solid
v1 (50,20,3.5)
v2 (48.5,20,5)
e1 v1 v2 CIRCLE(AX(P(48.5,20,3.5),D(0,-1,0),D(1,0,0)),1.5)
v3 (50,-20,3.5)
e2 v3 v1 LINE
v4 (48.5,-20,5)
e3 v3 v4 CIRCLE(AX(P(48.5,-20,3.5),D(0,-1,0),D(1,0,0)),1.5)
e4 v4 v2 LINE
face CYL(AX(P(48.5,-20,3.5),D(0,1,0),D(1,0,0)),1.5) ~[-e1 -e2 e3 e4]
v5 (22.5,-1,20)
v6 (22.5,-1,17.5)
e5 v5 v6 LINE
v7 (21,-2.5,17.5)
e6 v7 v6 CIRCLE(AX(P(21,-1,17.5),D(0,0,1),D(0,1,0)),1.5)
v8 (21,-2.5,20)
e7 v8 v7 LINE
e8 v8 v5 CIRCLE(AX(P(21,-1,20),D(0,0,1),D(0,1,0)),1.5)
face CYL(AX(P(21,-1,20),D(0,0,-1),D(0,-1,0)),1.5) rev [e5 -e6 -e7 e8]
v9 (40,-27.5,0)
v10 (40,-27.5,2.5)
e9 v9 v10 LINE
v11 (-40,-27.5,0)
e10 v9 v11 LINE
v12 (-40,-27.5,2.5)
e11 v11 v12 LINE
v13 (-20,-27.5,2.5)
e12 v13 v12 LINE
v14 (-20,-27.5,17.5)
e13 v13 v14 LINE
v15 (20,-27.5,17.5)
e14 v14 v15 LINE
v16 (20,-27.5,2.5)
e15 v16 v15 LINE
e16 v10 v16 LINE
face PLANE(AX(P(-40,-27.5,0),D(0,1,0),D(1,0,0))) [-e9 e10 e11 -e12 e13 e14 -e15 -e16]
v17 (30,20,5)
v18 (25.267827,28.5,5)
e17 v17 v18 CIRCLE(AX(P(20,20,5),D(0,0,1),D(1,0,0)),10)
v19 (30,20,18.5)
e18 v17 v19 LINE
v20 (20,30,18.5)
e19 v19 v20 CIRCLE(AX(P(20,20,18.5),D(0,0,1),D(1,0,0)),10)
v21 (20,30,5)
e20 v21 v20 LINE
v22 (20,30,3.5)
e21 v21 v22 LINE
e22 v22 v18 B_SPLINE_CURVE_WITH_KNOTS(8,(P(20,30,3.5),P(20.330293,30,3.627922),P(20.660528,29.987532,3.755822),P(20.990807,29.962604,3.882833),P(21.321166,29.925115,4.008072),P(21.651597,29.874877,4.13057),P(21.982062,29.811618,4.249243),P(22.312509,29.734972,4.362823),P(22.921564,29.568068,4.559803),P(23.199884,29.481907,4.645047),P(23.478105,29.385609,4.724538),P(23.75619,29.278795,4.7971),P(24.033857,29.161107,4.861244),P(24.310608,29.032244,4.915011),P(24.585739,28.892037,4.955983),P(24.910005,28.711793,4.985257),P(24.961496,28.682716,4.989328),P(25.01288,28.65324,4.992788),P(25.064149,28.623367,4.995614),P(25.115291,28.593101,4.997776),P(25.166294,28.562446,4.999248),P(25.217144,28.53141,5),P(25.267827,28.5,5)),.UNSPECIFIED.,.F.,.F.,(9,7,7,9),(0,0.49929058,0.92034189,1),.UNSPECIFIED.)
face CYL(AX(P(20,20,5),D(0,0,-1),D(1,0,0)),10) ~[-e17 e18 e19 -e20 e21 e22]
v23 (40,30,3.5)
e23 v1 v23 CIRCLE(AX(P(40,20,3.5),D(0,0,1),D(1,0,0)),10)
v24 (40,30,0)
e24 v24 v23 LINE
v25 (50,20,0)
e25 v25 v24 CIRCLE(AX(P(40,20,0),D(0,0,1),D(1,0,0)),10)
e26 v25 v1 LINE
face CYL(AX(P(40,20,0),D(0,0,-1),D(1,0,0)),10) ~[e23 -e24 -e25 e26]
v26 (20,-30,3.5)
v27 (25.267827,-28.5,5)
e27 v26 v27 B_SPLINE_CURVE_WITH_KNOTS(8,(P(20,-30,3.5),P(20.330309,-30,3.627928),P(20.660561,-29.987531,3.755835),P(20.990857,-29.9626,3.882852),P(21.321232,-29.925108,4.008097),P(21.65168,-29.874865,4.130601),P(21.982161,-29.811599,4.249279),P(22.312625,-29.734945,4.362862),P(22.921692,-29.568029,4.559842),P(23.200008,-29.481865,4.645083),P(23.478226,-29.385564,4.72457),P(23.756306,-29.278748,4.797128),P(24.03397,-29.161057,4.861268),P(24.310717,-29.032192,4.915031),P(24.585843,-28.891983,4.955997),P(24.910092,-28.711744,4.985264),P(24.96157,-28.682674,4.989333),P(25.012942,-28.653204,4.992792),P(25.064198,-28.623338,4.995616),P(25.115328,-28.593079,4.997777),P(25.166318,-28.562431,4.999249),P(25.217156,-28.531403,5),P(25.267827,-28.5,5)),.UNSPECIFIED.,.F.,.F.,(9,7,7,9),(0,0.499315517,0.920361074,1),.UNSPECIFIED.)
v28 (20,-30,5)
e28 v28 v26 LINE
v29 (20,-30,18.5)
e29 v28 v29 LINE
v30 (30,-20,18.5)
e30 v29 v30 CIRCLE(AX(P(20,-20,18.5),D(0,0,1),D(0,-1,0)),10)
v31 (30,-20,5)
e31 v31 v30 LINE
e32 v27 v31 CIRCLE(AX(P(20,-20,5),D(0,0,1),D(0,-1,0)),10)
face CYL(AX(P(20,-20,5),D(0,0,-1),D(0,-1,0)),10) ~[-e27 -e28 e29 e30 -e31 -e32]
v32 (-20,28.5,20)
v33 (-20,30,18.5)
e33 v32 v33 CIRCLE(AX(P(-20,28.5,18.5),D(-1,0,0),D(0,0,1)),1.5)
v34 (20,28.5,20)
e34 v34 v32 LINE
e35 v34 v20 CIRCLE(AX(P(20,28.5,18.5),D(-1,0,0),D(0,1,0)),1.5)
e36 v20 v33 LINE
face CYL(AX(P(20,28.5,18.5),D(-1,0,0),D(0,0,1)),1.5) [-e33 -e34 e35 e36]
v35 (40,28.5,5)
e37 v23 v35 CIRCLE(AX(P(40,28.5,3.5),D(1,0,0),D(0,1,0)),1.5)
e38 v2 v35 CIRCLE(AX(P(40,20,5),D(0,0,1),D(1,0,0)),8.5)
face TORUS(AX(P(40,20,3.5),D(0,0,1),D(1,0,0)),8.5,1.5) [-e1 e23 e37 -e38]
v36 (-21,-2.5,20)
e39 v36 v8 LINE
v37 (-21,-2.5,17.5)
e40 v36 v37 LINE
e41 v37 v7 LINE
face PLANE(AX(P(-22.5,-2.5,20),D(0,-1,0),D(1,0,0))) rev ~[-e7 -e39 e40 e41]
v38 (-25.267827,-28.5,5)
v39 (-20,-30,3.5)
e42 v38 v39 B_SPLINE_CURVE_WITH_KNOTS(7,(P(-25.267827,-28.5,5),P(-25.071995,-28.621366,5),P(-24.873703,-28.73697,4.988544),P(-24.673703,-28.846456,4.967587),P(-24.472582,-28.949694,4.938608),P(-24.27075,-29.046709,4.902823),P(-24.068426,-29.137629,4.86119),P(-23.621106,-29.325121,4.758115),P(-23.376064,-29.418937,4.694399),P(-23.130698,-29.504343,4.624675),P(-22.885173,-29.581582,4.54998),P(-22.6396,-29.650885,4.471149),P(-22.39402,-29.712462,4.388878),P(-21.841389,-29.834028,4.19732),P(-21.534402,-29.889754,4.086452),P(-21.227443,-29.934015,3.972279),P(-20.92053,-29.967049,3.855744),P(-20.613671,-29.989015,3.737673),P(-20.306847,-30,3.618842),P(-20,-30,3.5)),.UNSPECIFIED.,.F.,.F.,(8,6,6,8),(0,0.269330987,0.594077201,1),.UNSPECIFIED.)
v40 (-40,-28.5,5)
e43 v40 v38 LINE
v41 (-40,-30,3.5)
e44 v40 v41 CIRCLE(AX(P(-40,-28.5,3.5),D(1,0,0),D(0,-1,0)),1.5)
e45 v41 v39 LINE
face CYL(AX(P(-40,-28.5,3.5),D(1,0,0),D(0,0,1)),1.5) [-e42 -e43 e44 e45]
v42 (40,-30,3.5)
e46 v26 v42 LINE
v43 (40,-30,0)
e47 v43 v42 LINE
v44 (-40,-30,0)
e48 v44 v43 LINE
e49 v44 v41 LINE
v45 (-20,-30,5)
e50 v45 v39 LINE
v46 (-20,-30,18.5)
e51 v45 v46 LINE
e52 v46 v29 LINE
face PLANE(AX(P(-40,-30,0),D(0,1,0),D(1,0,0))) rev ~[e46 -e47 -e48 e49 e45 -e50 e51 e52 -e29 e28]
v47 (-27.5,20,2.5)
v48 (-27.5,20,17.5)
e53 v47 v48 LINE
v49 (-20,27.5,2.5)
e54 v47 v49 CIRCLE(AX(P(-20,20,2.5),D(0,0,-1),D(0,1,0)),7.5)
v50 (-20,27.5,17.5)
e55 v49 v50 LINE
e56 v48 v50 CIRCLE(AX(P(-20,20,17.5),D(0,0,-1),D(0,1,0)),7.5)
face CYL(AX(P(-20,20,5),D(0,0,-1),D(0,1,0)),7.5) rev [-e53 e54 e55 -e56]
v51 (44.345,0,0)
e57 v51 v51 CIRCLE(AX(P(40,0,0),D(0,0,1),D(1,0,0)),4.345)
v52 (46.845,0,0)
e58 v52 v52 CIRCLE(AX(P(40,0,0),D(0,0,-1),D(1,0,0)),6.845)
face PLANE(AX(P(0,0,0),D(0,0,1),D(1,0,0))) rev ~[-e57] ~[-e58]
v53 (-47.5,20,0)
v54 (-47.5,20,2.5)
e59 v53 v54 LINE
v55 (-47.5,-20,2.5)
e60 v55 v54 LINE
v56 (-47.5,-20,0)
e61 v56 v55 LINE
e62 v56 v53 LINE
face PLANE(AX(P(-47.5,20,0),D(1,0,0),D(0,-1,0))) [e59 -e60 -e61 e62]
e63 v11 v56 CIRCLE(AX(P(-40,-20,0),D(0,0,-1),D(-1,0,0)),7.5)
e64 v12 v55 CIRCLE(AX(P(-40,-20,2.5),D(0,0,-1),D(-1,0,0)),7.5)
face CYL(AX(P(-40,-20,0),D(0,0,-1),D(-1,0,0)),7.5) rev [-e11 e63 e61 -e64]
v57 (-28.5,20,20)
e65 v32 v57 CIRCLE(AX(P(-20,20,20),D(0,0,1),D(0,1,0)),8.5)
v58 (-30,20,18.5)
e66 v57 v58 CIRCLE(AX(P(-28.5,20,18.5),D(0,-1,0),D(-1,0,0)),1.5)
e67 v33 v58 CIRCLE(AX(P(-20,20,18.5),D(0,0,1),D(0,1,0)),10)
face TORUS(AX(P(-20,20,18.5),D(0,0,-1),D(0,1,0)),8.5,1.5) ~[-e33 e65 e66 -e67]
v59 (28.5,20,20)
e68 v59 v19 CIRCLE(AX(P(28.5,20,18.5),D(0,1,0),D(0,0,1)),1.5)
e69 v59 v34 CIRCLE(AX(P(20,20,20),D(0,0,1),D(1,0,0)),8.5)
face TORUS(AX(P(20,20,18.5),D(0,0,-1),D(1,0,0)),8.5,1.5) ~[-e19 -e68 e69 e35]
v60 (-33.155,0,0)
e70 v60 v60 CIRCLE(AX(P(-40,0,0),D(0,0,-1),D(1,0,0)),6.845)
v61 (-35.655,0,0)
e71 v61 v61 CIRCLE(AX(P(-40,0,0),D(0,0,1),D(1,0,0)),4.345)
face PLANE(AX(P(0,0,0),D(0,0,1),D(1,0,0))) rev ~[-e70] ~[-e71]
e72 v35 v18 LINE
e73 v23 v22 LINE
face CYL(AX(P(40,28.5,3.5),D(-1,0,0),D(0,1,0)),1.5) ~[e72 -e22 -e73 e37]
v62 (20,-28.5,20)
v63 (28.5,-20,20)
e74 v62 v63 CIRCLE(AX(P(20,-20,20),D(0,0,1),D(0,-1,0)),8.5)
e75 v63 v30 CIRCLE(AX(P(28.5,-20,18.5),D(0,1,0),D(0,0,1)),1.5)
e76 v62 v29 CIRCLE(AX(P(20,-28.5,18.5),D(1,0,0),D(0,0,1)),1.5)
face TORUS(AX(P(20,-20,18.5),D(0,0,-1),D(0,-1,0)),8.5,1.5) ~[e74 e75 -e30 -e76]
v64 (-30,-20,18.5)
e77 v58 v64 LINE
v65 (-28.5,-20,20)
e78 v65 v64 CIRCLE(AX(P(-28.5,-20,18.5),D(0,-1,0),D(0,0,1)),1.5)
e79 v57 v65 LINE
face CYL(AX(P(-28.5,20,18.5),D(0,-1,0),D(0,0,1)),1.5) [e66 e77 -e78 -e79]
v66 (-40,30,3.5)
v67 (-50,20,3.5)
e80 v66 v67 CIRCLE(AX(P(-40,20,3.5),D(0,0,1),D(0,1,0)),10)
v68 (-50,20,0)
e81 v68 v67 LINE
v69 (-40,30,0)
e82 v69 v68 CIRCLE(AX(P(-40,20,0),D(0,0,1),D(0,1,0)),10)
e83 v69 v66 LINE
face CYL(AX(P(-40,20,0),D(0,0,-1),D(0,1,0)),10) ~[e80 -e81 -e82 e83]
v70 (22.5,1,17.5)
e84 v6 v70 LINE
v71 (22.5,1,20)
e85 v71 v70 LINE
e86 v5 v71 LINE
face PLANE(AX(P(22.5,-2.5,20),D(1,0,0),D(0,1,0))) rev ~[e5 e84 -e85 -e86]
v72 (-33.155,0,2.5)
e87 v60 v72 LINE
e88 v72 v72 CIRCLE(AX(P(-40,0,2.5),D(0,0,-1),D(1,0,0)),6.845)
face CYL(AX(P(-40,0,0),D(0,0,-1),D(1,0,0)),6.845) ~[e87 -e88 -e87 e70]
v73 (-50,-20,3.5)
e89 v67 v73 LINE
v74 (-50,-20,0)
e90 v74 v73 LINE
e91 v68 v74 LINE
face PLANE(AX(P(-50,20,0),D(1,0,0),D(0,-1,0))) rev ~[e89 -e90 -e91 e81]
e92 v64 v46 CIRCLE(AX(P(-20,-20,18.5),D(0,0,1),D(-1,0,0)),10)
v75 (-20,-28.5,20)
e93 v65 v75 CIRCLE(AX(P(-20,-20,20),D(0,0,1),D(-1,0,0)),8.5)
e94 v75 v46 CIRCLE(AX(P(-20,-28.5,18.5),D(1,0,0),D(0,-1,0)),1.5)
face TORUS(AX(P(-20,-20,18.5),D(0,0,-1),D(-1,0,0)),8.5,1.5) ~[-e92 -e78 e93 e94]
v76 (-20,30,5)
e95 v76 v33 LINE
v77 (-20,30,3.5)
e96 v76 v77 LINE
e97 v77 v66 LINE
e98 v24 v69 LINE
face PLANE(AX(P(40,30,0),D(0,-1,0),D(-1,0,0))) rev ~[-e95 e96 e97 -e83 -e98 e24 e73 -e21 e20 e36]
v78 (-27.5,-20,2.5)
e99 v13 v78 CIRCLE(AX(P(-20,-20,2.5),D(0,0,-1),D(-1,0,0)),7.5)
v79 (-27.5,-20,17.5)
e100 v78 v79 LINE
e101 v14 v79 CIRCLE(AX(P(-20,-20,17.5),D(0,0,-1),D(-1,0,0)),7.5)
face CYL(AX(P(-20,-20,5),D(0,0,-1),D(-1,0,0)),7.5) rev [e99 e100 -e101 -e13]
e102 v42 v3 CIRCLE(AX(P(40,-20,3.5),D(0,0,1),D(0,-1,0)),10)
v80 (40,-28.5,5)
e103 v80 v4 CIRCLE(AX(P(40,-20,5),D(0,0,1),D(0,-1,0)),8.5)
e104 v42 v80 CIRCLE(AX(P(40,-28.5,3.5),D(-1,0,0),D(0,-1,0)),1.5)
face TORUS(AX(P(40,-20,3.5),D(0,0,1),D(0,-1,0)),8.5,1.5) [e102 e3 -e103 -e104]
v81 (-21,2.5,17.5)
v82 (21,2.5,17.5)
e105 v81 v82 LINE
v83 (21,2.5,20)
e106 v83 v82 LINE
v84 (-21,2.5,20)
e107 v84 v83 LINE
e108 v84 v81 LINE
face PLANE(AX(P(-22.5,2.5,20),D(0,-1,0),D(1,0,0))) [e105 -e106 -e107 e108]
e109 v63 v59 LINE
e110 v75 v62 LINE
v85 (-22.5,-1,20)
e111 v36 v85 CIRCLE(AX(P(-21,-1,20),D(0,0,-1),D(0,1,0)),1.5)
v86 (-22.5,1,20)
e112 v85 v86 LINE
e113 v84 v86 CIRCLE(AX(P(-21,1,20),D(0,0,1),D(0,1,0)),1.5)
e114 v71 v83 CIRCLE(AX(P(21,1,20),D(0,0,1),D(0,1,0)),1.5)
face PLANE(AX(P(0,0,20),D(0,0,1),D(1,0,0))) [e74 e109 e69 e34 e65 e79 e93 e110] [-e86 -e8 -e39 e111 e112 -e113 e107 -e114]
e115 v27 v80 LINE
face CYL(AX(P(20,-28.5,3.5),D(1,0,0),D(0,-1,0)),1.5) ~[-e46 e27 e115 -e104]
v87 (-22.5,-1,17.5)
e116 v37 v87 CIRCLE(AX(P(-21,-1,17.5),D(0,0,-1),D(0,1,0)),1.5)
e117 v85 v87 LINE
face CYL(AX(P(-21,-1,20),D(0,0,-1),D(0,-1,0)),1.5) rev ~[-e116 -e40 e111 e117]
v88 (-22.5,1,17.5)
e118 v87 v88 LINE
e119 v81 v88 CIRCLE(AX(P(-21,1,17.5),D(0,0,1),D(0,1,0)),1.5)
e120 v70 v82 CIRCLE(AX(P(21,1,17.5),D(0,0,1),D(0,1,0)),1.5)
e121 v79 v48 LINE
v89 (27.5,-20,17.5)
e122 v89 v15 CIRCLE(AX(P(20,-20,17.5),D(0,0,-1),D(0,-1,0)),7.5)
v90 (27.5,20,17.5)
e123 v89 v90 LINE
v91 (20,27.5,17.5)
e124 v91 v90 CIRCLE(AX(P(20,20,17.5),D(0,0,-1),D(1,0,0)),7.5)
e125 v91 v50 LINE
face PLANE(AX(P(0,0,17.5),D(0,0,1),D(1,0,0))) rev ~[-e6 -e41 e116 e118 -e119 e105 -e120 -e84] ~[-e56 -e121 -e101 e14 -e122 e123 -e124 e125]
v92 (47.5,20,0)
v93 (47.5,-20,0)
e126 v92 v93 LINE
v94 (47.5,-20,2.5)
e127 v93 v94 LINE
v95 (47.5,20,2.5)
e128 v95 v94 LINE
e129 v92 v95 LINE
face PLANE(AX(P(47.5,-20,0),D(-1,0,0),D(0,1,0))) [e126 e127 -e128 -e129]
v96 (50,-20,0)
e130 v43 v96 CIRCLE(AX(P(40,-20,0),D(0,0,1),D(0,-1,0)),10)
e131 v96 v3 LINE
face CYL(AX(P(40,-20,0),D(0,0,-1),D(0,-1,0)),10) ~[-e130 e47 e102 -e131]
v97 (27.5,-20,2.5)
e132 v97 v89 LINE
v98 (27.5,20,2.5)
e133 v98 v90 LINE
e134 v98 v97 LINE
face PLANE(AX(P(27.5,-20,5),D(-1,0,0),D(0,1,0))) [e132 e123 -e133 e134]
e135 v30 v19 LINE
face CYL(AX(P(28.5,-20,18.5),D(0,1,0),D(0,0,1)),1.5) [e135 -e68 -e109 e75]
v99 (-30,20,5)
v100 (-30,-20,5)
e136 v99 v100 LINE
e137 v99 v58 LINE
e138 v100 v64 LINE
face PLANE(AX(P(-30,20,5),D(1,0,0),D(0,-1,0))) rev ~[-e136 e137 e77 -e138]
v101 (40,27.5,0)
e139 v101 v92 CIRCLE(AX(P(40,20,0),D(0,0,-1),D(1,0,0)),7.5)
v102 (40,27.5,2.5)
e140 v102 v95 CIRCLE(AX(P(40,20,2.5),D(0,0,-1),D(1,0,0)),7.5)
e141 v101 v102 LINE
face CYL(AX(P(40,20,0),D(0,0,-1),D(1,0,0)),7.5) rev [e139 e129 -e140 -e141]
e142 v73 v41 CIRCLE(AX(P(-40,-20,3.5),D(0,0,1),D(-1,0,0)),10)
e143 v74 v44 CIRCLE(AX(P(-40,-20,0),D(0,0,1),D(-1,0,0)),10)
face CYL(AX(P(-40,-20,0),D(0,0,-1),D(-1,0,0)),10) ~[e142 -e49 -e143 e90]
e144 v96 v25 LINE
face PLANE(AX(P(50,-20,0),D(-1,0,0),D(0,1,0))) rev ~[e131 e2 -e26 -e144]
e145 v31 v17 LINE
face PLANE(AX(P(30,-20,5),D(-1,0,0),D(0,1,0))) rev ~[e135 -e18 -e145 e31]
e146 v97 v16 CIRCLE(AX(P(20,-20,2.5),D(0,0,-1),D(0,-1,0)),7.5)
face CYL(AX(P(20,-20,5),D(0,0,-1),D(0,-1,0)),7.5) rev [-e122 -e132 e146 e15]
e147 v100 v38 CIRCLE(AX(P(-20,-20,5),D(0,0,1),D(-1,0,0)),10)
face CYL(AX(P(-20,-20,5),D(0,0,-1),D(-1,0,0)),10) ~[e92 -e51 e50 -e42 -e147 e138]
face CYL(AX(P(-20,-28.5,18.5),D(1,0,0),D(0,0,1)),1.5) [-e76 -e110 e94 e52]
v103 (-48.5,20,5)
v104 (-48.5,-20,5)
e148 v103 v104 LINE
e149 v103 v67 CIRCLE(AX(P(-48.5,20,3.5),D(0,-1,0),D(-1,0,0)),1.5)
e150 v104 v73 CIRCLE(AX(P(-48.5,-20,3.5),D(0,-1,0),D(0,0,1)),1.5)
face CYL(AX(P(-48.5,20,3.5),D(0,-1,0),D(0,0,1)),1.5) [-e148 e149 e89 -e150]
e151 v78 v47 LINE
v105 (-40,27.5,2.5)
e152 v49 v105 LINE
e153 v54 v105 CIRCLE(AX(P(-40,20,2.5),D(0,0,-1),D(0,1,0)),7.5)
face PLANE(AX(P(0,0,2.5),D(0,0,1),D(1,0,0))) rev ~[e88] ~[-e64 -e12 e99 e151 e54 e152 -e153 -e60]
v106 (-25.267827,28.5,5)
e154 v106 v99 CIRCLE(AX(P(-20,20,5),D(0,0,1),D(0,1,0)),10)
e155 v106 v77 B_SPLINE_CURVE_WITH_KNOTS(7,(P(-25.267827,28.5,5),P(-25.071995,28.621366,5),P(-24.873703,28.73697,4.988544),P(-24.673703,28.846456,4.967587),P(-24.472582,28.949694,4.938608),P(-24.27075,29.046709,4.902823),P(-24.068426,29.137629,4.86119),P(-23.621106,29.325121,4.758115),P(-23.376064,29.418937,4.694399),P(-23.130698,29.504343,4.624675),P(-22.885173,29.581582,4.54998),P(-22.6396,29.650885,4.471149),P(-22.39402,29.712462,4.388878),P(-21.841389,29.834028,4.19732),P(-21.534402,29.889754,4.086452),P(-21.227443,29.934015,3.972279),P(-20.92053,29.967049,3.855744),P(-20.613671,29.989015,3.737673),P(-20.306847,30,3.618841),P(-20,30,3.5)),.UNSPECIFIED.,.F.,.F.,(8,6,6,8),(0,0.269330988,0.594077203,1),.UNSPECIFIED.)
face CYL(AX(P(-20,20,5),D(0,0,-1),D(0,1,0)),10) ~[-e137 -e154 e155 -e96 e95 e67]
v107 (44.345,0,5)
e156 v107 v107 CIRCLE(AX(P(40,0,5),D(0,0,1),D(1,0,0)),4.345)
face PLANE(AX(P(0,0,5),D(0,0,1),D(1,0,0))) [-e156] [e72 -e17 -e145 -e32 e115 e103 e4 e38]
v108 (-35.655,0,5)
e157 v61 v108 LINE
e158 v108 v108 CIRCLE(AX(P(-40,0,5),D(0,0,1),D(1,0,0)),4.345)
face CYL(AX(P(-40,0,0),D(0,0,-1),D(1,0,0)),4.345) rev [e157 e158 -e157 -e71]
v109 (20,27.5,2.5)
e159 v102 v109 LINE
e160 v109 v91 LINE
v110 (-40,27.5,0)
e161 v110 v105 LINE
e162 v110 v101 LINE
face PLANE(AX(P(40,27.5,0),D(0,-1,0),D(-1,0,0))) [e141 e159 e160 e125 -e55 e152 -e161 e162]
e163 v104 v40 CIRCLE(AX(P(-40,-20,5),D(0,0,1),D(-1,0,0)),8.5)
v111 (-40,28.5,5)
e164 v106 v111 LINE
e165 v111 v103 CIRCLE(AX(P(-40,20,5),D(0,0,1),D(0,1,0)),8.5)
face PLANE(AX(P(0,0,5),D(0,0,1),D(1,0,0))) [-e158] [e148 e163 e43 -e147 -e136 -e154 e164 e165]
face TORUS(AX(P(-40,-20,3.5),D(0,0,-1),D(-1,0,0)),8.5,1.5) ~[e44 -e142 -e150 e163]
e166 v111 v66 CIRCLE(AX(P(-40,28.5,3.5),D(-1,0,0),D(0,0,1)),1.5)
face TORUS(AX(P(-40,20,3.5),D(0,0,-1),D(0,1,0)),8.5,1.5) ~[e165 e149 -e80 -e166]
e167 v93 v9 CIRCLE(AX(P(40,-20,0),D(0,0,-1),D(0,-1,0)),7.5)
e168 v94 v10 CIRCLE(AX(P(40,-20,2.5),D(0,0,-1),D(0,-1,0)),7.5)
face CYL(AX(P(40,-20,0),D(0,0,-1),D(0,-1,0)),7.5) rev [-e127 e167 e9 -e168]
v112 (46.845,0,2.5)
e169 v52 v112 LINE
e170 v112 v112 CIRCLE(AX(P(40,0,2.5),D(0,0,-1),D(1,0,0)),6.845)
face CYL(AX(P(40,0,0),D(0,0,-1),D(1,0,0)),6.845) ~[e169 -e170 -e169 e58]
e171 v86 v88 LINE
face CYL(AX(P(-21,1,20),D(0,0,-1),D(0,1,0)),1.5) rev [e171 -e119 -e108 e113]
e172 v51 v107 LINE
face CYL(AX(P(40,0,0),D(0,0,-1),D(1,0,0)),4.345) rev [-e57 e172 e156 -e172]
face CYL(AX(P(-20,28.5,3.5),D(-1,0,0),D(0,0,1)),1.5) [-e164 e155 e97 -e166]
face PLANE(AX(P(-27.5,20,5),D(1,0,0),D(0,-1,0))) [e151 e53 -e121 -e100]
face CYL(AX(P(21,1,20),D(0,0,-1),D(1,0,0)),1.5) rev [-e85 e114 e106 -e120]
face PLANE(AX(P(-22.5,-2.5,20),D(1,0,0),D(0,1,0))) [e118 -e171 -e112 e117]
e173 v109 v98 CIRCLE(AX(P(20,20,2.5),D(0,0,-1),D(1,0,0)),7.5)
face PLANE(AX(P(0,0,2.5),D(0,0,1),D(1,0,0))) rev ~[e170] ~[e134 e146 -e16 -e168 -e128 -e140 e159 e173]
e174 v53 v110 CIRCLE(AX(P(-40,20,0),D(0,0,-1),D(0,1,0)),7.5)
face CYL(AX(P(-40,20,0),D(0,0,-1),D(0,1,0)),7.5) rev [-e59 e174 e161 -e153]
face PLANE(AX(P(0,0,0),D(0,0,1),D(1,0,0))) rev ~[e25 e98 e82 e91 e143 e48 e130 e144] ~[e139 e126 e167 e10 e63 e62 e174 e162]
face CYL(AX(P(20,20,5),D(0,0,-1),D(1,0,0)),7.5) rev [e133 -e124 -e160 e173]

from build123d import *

# Parameters (mm, degrees)
F0_R     = 4.345
F1_DEPTH = 5
F3_DEPTH = 15
F4_T     = -2.5
F5_W     = 45
F5_H     = 5
F6_DEPTH = 20.001
F7_R     = 1.5


with BuildPart() as f1:
    # F0 (on Top) → F1 (new body)
    with BuildSketch(Plane.XY):
        with BuildLine():
            Line((40, 30), (-40, 30))
            ThreePointArc((-40, 30), (-47.0710678119, 27.0710678119), (-50, 20))
            Line((-50, 20), (-50, -20))
            ThreePointArc((-50, -20), (-47.0710678119, -27.0710678119), (-40, -30))
            Line((-40, -30), (40, -30))
            ThreePointArc((40, -30), (47.0710678119, -27.0710678119), (50, -20))
            Line((50, -20), (50, 20))
            ThreePointArc((50, 20), (47.0710678119, 27.0710678119), (40, 30))
        make_face()
        with Locations((-40, 0)):
            Circle(F0_R, mode=Mode.SUBTRACT)
        with Locations((40, 0)):
            Circle(F0_R, mode=Mode.SUBTRACT)
    extrude(amount=F1_DEPTH)

    # F2 (on face) → F3 (join)
    with BuildSketch(Plane.XY.offset(5)):
        with BuildLine():
            Line((20, 30), (-20, 30))
            ThreePointArc((-20, 30), (-27.0710678119, 27.0710678119), (-30, 20))
            Line((-30, 20), (-30, -20))
            ThreePointArc((-30, -20), (-27.0710678119, -27.0710678119), (-20, -30))
            Line((-20, -30), (20, -30))
            ThreePointArc((20, -30), (27.0710678119, -27.0710678119), (30, -20))
            Line((30, -20), (30, 20))
            ThreePointArc((30, 20), (27.0710678119, 27.0710678119), (20, 30))
        make_face()
    extrude(amount=F3_DEPTH)

    # F4
    f4_openings = [f1.faces().sort_by_distance(p)[0] for p in [
        (0, 0, 0),
    ]]
    offset(amount=F4_T, openings=f4_openings, kind=Kind.INTERSECTION)

    # F5 (on face) → F6 (cut, through all)
    with BuildSketch(Plane.XY.offset(20)):
        Rectangle(F5_W, F5_H)
    extrude(amount=-F6_DEPTH, mode=Mode.SUBTRACT)

    # F7
    f7_edges = [f1.edges().sort_by_distance(p)[0] for p in [
        (-22.5, 2.5, 18.75),
        (-22.5, -2.5, 18.75),
        (22.5, 2.5, 18.75),
        (22.5, -2.5, 18.75),
        (30, 0, 20),
        (27.071068, -27.071068, 20),
        (0, -30, 20),
        (47.071068, 27.071068, 5),
        (-30, -30, 5),
    ]]
    fillet(f7_edges, radius=F7_R)


solid = f1.part
